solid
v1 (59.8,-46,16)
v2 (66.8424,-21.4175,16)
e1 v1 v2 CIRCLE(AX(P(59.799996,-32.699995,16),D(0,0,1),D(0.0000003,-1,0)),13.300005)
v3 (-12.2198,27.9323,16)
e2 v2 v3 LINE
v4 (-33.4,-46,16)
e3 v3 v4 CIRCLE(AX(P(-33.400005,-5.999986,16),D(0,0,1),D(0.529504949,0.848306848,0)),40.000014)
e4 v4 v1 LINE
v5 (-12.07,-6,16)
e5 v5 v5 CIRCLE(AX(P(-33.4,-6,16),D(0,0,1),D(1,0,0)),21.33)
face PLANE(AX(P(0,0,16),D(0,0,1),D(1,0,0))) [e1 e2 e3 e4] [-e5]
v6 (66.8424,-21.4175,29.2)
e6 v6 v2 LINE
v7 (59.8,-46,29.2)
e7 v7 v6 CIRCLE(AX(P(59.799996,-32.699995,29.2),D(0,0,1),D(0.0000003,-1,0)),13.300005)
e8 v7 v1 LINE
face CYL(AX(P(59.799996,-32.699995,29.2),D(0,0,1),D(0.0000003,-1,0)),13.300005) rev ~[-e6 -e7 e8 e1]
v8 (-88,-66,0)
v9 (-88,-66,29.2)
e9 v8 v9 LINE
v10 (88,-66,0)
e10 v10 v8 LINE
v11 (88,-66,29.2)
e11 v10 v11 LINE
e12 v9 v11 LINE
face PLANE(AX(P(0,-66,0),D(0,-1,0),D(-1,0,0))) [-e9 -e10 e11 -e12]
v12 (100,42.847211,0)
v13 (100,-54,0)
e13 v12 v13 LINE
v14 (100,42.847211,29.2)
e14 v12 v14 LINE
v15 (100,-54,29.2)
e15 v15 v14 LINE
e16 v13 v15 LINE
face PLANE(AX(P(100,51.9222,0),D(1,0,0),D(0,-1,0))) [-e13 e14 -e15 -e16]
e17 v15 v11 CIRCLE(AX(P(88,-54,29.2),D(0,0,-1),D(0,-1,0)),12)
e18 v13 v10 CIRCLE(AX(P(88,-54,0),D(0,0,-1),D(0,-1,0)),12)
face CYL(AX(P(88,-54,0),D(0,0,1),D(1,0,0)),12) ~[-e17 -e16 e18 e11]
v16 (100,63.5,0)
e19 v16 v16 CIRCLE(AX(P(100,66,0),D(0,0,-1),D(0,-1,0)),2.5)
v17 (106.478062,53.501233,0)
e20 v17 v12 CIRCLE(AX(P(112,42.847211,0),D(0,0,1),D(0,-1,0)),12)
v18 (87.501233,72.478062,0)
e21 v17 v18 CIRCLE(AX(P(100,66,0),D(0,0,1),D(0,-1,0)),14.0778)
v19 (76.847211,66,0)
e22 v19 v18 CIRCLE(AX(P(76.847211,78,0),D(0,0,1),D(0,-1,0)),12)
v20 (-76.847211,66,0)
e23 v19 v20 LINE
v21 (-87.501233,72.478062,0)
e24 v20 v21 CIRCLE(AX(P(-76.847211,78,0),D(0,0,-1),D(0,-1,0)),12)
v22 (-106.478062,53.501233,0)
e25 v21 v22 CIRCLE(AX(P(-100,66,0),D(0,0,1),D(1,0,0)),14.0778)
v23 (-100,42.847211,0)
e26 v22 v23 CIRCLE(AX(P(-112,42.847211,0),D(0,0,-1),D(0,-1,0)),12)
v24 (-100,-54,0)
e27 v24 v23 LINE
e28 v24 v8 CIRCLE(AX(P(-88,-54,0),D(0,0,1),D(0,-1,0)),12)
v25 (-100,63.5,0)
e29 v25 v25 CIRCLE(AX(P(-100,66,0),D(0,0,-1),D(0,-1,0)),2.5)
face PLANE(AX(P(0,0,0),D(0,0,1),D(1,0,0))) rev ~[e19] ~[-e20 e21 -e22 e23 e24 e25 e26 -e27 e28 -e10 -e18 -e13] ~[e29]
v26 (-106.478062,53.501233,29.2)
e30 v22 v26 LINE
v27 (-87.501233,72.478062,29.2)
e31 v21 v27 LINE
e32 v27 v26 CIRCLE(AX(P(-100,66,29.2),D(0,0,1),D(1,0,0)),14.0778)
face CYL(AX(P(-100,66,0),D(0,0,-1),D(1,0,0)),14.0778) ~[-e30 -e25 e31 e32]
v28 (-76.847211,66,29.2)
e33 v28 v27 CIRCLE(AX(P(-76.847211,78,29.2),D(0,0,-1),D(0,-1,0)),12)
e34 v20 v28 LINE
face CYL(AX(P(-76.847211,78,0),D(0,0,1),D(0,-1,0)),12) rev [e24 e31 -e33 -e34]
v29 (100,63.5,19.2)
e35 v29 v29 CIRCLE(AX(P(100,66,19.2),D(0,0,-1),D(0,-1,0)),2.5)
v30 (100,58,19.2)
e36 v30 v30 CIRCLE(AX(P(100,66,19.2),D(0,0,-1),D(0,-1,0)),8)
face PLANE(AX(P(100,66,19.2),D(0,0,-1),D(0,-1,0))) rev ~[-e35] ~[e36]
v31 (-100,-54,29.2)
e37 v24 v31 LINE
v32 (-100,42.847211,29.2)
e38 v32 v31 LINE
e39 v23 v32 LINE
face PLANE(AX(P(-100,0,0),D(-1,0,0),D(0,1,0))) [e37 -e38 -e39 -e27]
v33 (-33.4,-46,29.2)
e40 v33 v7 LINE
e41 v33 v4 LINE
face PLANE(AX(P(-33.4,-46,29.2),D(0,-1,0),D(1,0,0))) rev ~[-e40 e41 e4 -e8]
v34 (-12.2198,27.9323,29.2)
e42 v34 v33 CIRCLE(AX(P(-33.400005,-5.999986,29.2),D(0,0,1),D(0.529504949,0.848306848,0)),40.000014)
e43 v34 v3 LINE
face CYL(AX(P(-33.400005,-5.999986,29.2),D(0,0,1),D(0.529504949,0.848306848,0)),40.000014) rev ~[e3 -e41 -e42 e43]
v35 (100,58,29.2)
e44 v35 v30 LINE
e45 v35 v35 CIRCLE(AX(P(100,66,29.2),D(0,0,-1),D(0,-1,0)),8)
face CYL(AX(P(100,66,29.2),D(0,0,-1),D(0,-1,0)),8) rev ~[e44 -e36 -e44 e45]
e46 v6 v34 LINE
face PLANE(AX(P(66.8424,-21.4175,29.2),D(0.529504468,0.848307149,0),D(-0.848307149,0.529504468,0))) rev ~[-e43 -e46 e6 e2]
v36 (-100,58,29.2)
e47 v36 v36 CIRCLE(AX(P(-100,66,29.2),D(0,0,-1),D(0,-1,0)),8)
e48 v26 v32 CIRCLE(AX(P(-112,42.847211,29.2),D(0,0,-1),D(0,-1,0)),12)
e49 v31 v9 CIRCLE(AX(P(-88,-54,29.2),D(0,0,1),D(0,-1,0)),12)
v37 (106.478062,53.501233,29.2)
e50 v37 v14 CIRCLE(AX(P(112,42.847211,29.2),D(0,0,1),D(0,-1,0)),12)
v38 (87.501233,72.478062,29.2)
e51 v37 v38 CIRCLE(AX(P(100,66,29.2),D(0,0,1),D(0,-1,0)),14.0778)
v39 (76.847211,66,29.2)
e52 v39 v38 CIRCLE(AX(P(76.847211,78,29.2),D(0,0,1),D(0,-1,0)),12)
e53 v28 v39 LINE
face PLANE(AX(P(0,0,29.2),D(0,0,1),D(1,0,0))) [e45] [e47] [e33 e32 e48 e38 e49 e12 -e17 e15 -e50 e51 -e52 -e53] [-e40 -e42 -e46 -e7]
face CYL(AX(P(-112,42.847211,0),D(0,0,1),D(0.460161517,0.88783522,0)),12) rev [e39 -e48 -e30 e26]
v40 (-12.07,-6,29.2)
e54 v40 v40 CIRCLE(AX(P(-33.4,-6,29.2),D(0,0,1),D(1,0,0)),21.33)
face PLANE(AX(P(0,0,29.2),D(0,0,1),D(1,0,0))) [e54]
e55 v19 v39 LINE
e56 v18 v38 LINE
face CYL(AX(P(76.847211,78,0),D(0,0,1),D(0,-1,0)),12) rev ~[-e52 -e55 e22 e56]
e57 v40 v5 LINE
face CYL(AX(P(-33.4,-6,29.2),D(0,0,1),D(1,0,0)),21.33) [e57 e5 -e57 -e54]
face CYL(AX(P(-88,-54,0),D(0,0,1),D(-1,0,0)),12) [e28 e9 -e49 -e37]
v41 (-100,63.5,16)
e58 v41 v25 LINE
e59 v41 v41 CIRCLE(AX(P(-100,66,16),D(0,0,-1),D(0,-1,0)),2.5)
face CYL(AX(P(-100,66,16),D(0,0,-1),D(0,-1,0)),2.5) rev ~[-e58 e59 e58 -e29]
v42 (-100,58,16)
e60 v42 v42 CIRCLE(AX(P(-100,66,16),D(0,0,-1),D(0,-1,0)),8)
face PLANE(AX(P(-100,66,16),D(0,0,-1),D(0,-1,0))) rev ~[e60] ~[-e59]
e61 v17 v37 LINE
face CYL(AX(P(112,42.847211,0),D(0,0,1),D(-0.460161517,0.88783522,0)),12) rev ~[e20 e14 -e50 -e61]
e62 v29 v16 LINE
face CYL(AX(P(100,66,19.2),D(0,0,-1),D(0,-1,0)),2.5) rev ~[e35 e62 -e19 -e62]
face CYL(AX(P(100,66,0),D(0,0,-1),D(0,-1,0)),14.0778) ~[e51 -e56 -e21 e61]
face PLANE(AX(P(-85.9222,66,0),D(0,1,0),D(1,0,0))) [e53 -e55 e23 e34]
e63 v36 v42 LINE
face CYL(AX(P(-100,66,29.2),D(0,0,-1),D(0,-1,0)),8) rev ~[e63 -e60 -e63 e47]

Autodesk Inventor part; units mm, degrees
ref_plane "YZ Plane" through (0, 0, 0) normal (1, 0, 0) x (0, 1, 0)
ref_plane "XZ Plane" through (0, 0, 0) normal (0, 1, 0) x (-1, 0, 0)
ref_plane "XY Plane" through (0, 0, 0) normal (0, 0, 1) x (1, 0, 0)
sketch "Sketch1" plane through (0, 0, 0) normal (0, 0, 1) x (1, 0, 0)
  line L0 (-85.9222, 66) -> (85.9222, 66)
  line L1 (100, 51.9222) -> (100, -66)
  line L2 (100, -66) -> (-100, -66)
  line L3 (-100, -66) -> (-100, 51.9222)
  line L4 (-100, 66) -> (100, -66) construction
  line L5 (100, 66) -> (-100, -66) construction
  arc A0 (-85.9222, 66) -> (-100, 51.9222) centre (-100, 66) ccw
  arc A1 (100, 51.9222) -> (85.9222, 66) centre (100, 66) ccw
  line L6 (0, 116.2908) -> (0, -96.3818) projected
  line L7 (-167.8726, 0) -> (167.8726, 0) projected
  point P0 (0, 0)
  dimension "d0" = 200
  dimension "d1" = 132
  dimension "d3" = 28.1556
  dimension "d35" = 200
extrude "Extrusion1" add sketch "Sketch1" along normal blind 29.2
fillet "Fillet1" radius 12 6 edges at (-85.9222, 66, 14.6) (85.9222, 66, 14.6) (-100, 51.9222, 14.6) (-100, -66, 14.6) (100, -66, 14.6) (100, 51.9222, 14.6)
sketch "Sketch2" plane through (0, 0, 29.2) normal (0, 0, 1) x (1, 0, 0)
  arc A0 (-87.5012, 72.4781) -> (-106.4781, 53.5012) centre (-100, 66) ccw projected
  circle A1 centre (-33.4, -6) radius 21.33
  arc A2 (-12.2198, 27.9323) -> (-33.4, -46) centre (-33.4, -6) ccw
  arc A3 (59.8, -46) -> (66.8424, -21.4175) centre (59.8, -32.7) ccw
  line L0 (-33.4, -46) -> (59.8, -46)
  line L1 (66.8424, -21.4175) -> (-12.2198, 27.9323)
  point P0 (-88, -66)
  point P1 (0, 0)
  dimension "d7" = 42.66
  dimension "d8" = 60
  dimension "d9" = 66.6
  dimension "d10" = 80
  dimension "d12" = 93.2
  dimension "d13" = 26.6
extrude "Extrusion2" cut sketch "Sketch2" against normal blind 13.2
hole "Hole1" at (-100, 66, 29.2) direction (0, 0, -1) diameter 5 end through all counterbore diameter 16 counterbore depth 13.2
hole "Hole2" at (100, 66, 29.2) direction (0, 0, -1) diameter 5 end through all counterbore diameter 16 counterbore depth 10
equation "\"d1\" = 0.66 * d0"
equation "\"d3\" = 0.2133 * d1"
equation "\"d35\" = d0"
equation "\"d4\" = 0.146 * d0"
equation "\"d6\" = 0.06 * d0"
equation "\"d7\" = 0.2133 * d0"
equation "\"d8\" = 0.3 * d0"
equation "\"d9\" = 0.333 * d0"
equation "\"d10\" = 0.4 * d0"
equation "\"d12\" = 0.466 * d0"
equation "\"d13\" = 0.133 * d0"
equation "\"d15\" = 0.066 * d0"
equation "\"d21\" = 0.08 * d0"
equation "\"d22\" = 0.066 * d0"
equation "\"d30\" = 0.08 * d0"
equation "\"d31\" = 0.05 * d0"
properties part number "Tutorial1"
